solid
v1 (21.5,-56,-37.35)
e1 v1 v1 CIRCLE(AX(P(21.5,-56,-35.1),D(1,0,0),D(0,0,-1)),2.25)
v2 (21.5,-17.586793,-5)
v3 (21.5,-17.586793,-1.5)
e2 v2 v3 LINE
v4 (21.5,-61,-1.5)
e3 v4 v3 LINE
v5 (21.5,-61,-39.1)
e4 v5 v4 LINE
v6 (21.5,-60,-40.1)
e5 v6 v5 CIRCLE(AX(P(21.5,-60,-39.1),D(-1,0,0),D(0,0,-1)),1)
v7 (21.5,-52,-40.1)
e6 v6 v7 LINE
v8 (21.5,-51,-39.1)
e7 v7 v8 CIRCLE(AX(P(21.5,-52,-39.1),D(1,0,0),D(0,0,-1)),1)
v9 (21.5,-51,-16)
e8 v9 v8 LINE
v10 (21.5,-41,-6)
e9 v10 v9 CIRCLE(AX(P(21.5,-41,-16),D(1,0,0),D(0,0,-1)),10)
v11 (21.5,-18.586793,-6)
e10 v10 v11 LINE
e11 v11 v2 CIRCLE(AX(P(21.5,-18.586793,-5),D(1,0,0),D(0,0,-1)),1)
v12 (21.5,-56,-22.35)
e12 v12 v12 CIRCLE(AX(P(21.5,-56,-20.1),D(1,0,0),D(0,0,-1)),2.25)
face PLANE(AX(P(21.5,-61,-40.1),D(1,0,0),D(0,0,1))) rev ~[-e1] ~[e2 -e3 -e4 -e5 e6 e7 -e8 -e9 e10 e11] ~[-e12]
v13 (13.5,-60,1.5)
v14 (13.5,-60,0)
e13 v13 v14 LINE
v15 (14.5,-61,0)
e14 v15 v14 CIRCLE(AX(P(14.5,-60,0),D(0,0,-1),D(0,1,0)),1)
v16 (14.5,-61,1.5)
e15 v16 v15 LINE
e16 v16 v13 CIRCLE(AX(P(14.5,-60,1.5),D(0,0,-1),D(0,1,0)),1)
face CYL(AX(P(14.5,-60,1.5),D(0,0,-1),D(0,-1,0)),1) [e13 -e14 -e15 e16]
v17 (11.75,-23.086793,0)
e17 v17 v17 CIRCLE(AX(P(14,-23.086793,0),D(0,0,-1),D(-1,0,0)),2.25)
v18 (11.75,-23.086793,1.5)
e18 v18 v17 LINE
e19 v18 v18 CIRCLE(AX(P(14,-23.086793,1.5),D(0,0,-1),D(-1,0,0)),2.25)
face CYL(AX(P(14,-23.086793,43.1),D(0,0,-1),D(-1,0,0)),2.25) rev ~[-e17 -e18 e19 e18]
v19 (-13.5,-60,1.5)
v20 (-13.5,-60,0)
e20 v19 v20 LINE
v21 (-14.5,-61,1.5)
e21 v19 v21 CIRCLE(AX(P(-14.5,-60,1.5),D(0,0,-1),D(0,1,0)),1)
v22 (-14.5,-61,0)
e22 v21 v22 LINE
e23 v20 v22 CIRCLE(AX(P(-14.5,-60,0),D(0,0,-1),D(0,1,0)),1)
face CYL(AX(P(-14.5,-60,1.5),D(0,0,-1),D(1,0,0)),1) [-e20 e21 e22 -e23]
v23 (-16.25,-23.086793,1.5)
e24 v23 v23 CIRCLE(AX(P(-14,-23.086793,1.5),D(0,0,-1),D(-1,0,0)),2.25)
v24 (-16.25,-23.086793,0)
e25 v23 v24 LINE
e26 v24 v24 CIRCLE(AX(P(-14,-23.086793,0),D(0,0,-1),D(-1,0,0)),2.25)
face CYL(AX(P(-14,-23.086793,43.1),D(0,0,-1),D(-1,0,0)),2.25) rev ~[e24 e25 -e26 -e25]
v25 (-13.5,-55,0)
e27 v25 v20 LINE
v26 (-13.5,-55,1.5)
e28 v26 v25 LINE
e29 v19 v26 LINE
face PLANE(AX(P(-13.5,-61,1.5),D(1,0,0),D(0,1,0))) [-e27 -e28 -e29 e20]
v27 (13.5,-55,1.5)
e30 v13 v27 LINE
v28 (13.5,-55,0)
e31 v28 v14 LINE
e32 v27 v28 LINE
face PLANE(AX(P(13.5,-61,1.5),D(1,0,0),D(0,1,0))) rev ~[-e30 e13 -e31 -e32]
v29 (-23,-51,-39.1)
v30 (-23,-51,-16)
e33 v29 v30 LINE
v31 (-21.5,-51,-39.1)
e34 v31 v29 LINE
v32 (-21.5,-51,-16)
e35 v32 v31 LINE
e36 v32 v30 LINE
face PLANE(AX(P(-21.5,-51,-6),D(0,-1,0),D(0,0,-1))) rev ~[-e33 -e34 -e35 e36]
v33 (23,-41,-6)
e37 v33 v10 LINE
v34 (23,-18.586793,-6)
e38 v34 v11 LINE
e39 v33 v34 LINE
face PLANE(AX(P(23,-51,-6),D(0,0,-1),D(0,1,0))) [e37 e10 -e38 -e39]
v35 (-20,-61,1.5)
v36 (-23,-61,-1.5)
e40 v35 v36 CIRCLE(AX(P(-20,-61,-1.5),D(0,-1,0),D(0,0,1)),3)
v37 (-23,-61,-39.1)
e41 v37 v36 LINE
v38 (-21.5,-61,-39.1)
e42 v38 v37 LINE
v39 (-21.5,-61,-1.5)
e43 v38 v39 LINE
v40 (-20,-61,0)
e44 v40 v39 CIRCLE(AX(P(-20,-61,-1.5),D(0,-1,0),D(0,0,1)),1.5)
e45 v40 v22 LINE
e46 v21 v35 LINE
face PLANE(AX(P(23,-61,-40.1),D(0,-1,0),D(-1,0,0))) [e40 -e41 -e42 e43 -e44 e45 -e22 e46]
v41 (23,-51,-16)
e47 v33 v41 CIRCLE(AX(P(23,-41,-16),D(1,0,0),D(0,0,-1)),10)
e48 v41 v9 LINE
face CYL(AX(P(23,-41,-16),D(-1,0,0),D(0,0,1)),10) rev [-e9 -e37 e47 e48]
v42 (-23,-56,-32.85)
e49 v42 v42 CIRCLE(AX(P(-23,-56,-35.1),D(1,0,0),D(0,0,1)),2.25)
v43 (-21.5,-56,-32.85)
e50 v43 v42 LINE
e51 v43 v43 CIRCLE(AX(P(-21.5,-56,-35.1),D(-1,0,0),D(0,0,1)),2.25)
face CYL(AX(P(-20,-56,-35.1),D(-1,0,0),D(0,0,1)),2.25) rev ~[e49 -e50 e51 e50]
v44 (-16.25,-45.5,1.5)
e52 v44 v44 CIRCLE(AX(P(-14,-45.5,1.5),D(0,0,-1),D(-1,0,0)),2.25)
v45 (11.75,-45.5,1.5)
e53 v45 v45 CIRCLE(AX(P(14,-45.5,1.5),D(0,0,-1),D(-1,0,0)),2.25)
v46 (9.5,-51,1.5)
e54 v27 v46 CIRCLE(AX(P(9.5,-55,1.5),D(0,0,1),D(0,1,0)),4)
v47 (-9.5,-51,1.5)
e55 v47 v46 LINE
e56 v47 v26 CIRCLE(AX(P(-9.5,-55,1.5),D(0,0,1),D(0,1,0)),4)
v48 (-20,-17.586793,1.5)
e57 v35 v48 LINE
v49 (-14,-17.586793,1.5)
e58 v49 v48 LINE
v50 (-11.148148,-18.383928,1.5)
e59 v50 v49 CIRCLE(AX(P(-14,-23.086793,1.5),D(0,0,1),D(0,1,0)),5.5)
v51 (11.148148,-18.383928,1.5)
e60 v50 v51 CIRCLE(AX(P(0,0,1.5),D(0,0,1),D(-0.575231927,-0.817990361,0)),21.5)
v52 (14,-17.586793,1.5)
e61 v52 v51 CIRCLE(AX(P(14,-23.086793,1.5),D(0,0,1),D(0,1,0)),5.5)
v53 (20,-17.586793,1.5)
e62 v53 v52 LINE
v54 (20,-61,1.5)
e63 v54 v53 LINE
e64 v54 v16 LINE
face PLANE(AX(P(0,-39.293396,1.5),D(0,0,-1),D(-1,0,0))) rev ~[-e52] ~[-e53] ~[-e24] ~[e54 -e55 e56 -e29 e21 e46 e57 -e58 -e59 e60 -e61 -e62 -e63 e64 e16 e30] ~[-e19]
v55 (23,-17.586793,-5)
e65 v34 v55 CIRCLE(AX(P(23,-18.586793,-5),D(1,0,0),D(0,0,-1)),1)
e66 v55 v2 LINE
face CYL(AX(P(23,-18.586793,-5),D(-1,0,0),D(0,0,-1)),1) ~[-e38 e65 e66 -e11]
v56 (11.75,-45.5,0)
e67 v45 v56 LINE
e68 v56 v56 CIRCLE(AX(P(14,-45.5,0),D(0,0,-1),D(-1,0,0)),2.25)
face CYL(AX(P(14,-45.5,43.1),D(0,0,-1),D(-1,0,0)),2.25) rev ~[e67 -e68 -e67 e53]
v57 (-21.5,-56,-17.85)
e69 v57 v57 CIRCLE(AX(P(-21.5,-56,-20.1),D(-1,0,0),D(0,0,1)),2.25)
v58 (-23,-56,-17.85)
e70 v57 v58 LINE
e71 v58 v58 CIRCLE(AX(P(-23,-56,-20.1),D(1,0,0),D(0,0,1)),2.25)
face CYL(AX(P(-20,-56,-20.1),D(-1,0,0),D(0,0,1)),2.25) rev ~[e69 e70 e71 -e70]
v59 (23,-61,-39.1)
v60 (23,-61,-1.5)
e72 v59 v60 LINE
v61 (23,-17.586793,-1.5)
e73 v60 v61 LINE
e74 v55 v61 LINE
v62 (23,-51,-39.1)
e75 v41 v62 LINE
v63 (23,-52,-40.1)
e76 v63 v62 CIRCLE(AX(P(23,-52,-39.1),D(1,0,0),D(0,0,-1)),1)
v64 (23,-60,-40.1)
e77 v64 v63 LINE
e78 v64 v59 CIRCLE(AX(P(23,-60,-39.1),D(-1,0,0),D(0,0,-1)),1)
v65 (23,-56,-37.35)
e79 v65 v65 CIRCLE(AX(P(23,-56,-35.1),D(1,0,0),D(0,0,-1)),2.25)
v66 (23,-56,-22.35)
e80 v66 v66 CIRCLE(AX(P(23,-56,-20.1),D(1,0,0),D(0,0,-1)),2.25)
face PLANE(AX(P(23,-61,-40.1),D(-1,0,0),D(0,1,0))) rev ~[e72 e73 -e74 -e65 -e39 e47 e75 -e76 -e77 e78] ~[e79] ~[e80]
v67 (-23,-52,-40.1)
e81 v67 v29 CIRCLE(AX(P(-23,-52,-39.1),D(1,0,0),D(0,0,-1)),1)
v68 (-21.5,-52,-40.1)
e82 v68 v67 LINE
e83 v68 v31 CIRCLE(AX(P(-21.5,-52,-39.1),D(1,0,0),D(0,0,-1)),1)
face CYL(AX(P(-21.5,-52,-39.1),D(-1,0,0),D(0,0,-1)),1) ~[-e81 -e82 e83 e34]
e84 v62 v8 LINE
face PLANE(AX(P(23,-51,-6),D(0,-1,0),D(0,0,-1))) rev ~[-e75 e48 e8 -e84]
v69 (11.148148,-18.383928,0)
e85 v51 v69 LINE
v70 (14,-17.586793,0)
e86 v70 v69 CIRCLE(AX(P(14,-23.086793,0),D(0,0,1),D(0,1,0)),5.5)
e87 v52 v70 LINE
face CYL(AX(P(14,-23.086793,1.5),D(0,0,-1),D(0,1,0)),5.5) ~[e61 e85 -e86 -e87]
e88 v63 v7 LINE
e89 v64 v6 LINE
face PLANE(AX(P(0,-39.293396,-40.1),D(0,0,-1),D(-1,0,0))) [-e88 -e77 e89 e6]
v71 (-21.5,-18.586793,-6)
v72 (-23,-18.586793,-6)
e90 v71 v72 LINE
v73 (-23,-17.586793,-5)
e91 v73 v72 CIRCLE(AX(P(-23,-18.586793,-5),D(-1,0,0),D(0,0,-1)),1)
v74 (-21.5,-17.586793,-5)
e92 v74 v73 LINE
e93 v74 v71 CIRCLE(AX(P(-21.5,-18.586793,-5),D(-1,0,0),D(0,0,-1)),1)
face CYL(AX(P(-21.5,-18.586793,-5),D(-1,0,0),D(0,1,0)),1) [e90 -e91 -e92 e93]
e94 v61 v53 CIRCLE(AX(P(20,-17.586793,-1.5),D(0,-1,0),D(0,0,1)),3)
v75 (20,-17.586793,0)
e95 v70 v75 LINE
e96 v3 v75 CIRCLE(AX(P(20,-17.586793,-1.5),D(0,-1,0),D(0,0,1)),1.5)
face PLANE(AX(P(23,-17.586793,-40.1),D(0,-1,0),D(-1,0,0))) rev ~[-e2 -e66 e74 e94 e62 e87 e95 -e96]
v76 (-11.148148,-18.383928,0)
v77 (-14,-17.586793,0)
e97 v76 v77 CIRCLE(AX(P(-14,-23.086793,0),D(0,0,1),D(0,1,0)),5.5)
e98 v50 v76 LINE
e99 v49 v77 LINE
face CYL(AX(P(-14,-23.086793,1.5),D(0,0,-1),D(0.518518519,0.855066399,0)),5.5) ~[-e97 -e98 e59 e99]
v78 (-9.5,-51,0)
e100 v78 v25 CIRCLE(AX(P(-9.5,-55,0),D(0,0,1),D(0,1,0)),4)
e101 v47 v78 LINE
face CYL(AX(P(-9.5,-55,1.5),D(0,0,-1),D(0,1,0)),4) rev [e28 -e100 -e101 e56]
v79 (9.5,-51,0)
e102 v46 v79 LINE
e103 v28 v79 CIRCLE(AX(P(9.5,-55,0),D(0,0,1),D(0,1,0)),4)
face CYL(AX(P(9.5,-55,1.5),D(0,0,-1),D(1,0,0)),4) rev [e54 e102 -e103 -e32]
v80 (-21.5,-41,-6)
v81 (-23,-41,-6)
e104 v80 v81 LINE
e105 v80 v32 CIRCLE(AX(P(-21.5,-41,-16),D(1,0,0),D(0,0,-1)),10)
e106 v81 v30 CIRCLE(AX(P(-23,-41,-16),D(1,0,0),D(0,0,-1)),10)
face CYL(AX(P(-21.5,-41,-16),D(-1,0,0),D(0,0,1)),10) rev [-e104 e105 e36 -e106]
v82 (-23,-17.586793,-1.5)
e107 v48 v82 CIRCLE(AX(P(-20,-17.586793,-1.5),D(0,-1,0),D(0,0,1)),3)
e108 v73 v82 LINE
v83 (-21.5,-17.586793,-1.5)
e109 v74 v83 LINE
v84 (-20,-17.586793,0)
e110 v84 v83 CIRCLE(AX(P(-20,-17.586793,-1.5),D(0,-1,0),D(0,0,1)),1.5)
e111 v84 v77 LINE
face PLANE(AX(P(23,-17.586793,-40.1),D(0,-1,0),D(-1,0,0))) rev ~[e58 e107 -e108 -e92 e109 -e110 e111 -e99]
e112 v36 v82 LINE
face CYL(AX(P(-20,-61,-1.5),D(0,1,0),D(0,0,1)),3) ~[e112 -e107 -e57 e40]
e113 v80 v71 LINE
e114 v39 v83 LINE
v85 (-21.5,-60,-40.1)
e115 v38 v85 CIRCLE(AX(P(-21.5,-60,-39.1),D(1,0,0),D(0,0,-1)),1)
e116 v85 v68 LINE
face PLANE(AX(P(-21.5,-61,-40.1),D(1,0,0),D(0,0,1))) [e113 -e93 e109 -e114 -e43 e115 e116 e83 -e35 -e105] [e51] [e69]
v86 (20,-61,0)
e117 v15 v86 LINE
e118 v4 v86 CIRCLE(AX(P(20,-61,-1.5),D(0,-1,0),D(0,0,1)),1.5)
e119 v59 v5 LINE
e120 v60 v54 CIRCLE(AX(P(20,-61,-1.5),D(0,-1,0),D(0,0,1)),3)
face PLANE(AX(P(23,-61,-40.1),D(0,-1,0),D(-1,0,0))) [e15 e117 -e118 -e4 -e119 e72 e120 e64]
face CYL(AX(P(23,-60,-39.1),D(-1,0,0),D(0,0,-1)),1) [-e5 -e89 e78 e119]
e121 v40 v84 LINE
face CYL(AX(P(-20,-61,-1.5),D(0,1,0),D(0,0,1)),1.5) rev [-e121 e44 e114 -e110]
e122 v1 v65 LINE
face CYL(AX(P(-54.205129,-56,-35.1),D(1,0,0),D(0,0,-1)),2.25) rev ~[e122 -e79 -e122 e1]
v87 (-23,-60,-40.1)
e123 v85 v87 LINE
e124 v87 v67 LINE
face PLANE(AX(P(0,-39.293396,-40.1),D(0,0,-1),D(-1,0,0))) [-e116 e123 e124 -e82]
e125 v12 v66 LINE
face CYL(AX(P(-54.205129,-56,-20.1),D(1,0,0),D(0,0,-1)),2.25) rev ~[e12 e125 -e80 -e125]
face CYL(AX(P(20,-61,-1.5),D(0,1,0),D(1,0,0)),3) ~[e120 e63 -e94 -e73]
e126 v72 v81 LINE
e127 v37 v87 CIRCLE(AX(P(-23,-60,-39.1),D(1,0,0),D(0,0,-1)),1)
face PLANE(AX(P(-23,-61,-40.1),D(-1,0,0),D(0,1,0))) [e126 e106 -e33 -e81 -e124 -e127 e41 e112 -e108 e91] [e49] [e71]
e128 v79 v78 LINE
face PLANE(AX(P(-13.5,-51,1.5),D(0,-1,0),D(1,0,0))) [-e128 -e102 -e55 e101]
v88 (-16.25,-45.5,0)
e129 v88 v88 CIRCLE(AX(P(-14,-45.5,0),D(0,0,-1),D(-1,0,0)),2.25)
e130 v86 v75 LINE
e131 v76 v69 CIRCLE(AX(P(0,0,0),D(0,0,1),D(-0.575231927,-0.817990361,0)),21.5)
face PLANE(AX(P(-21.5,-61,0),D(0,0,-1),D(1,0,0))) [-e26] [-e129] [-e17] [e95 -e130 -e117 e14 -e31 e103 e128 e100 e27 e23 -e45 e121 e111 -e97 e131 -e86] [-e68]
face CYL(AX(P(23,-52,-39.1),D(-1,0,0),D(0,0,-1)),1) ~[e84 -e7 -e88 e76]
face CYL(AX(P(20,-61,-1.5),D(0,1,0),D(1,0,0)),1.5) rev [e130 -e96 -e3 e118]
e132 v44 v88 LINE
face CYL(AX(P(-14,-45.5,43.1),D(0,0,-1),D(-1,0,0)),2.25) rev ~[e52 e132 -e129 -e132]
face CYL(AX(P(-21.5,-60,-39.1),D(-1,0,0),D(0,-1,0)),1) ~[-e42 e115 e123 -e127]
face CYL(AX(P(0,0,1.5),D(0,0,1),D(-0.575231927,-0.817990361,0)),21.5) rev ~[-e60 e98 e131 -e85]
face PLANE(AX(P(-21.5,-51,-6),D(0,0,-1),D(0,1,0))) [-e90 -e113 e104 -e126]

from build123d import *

# Parameters (mm, degrees)
SKETCH_1_W                  = 46
SKETCH_1_H                  = 43.413207239
EXTRUDE_1_DEPTH             = 41.6
SKETCH_2_W                  = 43
SKETCH_2_H                  = 40.1
CUT_EXTRUDE_1_DEPTH         = 64.417005312
SKETCH_3_W                  = 27
SKETCH_3_H                  = 10
CUT_EXTRUDE_2_DEPTH         = 78.334080456
SKETCH_4_W                  = 34.1
SKETCH_4_H                  = 33.413207239
CUT_EXTRUDE_3_DEPTH         = 86.49421033
SKETCH_5_W                  = 34.1
SKETCH_5_H                  = 33.413207239
CUT_EXTRUDE_4_DEPTH         = 87.284471372
CUT_EXTRUDE_5_DEPTH         = 78.334080456
HOLE_WIZARD_4_5_4_5_1_D     = 4.5
HOLE_WIZARD_4_5_4_5_1_DEPTH = 1.5
HOLE_WIZARD_4_5_4_5_2_D     = 4.5
HOLE_WIZARD_4_5_4_5_3_D     = 4.5
HOLE_WIZARD_4_5_4_5_3_DEPTH = 41.6
FILLET_1_R                  = 1
FILLET_2_R                  = 1.5
FILLET_3_R                  = 3
FILLET_4_R                  = 4
FILLET_5_R                  = 5.5
FILLET_6_R                  = 10


with BuildPart() as part:
    # 草图1 → 凸台-拉伸1 (new body)
    with BuildSketch(Plane(origin=(0, 0, -40.1), x_dir=(-1, 0, 0), z_dir=(0, 0, -1))):
        with Locations((0, -39.293396381)):
            Rectangle(SKETCH_1_W, SKETCH_1_H)
    extrude(amount=-EXTRUDE_1_DEPTH)

    # 草图2 → 切除-拉伸1 (cut, through all)
    with BuildSketch(Plane.XZ.offset(61)):
        with Locations((0, -20.05)):
            Rectangle(SKETCH_2_W, SKETCH_2_H)
    extrude(amount=-CUT_EXTRUDE_1_DEPTH, mode=Mode.SUBTRACT)

    # 草图3 → 切除-拉伸2 (cut, through all)
    with BuildSketch(Plane.XY.offset(1.5)):
        with Locations((0, -56)):
            Rectangle(SKETCH_3_W, SKETCH_3_H)
    extrude(amount=-CUT_EXTRUDE_2_DEPTH, mode=Mode.SUBTRACT)

    # 草图4 → 切除-拉伸3 (cut, through all)
    with BuildSketch(Plane(origin=(-21.5, 0, 0), x_dir=(0, 0, -1), z_dir=(1, 0, 0))):
        with Locations((23.05, -34.29339638)):
            Rectangle(SKETCH_4_W, SKETCH_4_H)
    extrude(amount=-CUT_EXTRUDE_3_DEPTH, mode=Mode.SUBTRACT)

    # 草图5 → 切除-拉伸4 (cut, through all)
    with BuildSketch(Plane(origin=(23, 0, 0), x_dir=(0, 0, -1), z_dir=(1, 0, 0))):
        with Locations((23.05, -34.29339638)):
            Rectangle(SKETCH_5_W, SKETCH_5_H)
    extrude(amount=-CUT_EXTRUDE_4_DEPTH, mode=Mode.SUBTRACT)

    # 草图6 → 切除-拉伸5 (cut, through all)
    with BuildSketch(Plane.XY.offset(1.5)):
        with BuildLine():
            Line((12.367486421, -17.586792761), (-12.367486421, -17.586792761))
            ThreePointArc((-12.367486421, -17.586792761), (0, -21.5), (12.367486421, -17.586792761))
        make_face()
    extrude(amount=-CUT_EXTRUDE_5_DEPTH, mode=Mode.SUBTRACT)

    # Ø4.5 (4.5) 直径孔1
    with Locations(Plane(origin=(-21.5, 0, 0), x_dir=(0, 0, -1), z_dir=(1, 0, 0))):
        with Locations((20.1, -56), (35.1, -56)):
            Hole(HOLE_WIZARD_4_5_4_5_1_D / 2, depth=HOLE_WIZARD_4_5_4_5_1_DEPTH)

    # Ø4.5 (4.5) 直径孔2 (through all)
    with Locations(Plane.ZY.offset(-21.5)):
        with Locations((-20.1, -56), (-35.1, -56)):
            Hole(HOLE_WIZARD_4_5_4_5_2_D / 2)

    # Ø4.5 (4.5) 直径孔3
    with Locations(Plane.XY.offset(1.5)):
        with Locations((-14, -45.5), (-14, -23.086792761), (14, -23.086792761), (14, -45.5)):
            Hole(HOLE_WIZARD_4_5_4_5_3_D / 2, depth=HOLE_WIZARD_4_5_4_5_3_DEPTH)

    # 圆角1
    fillet_1_edges = [part.edges().sort_by_distance(p)[0] for p in [
        (-22.25, -61, -40.1),
        (-13.5, -61, 0.75),
        (13.5, -61, 0.75),
        (22.25, -61, -40.1),
        (-22.25, -51, -40.1),
        (-22.25, -17.586792761, -6),
        (22.25, -51, -40.1),
        (22.25, -17.586792761, -6),
    ]]
    fillet(fillet_1_edges, radius=FILLET_1_R)

    # 圆角2
    fillet_2_edges = [part.edges().sort_by_distance(p)[0] for p in [
        (-21.5, -39.293396381, 0),
        (21.5, -39.293396381, 0),
    ]]
    fillet(fillet_2_edges, radius=FILLET_2_R)

    # 圆角3
    fillet_3_edges = [part.edges().sort_by_distance(p)[0] for p in [
        (-23, -39.293396381, 1.5),
        (23, -39.293396381, 1.5),
    ]]
    fillet(fillet_3_edges, radius=FILLET_3_R)

    # 圆角4
    fillet_4_edges = [part.edges().sort_by_distance(p)[0] for p in [
        (-13.5, -51, 0.75),
        (13.5, -51, 0.75),
    ]]
    fillet(fillet_4_edges, radius=FILLET_4_R)

    # 圆角5
    fillet_5_edges = [part.edges().sort_by_distance(p)[0] for p in [
        (12.367486421, -17.586792761, 0.75),
        (-12.367486421, -17.586792761, 0.75),
    ]]
    fillet(fillet_5_edges, radius=FILLET_5_R)

    # 圆角6
    fillet_6_edges = [part.edges().sort_by_distance(p)[0] for p in [
        (-22.25, -51, -6),
        (22.25, -51, -6),
    ]]
    fillet(fillet_6_edges, radius=FILLET_6_R)


solid = part.part
